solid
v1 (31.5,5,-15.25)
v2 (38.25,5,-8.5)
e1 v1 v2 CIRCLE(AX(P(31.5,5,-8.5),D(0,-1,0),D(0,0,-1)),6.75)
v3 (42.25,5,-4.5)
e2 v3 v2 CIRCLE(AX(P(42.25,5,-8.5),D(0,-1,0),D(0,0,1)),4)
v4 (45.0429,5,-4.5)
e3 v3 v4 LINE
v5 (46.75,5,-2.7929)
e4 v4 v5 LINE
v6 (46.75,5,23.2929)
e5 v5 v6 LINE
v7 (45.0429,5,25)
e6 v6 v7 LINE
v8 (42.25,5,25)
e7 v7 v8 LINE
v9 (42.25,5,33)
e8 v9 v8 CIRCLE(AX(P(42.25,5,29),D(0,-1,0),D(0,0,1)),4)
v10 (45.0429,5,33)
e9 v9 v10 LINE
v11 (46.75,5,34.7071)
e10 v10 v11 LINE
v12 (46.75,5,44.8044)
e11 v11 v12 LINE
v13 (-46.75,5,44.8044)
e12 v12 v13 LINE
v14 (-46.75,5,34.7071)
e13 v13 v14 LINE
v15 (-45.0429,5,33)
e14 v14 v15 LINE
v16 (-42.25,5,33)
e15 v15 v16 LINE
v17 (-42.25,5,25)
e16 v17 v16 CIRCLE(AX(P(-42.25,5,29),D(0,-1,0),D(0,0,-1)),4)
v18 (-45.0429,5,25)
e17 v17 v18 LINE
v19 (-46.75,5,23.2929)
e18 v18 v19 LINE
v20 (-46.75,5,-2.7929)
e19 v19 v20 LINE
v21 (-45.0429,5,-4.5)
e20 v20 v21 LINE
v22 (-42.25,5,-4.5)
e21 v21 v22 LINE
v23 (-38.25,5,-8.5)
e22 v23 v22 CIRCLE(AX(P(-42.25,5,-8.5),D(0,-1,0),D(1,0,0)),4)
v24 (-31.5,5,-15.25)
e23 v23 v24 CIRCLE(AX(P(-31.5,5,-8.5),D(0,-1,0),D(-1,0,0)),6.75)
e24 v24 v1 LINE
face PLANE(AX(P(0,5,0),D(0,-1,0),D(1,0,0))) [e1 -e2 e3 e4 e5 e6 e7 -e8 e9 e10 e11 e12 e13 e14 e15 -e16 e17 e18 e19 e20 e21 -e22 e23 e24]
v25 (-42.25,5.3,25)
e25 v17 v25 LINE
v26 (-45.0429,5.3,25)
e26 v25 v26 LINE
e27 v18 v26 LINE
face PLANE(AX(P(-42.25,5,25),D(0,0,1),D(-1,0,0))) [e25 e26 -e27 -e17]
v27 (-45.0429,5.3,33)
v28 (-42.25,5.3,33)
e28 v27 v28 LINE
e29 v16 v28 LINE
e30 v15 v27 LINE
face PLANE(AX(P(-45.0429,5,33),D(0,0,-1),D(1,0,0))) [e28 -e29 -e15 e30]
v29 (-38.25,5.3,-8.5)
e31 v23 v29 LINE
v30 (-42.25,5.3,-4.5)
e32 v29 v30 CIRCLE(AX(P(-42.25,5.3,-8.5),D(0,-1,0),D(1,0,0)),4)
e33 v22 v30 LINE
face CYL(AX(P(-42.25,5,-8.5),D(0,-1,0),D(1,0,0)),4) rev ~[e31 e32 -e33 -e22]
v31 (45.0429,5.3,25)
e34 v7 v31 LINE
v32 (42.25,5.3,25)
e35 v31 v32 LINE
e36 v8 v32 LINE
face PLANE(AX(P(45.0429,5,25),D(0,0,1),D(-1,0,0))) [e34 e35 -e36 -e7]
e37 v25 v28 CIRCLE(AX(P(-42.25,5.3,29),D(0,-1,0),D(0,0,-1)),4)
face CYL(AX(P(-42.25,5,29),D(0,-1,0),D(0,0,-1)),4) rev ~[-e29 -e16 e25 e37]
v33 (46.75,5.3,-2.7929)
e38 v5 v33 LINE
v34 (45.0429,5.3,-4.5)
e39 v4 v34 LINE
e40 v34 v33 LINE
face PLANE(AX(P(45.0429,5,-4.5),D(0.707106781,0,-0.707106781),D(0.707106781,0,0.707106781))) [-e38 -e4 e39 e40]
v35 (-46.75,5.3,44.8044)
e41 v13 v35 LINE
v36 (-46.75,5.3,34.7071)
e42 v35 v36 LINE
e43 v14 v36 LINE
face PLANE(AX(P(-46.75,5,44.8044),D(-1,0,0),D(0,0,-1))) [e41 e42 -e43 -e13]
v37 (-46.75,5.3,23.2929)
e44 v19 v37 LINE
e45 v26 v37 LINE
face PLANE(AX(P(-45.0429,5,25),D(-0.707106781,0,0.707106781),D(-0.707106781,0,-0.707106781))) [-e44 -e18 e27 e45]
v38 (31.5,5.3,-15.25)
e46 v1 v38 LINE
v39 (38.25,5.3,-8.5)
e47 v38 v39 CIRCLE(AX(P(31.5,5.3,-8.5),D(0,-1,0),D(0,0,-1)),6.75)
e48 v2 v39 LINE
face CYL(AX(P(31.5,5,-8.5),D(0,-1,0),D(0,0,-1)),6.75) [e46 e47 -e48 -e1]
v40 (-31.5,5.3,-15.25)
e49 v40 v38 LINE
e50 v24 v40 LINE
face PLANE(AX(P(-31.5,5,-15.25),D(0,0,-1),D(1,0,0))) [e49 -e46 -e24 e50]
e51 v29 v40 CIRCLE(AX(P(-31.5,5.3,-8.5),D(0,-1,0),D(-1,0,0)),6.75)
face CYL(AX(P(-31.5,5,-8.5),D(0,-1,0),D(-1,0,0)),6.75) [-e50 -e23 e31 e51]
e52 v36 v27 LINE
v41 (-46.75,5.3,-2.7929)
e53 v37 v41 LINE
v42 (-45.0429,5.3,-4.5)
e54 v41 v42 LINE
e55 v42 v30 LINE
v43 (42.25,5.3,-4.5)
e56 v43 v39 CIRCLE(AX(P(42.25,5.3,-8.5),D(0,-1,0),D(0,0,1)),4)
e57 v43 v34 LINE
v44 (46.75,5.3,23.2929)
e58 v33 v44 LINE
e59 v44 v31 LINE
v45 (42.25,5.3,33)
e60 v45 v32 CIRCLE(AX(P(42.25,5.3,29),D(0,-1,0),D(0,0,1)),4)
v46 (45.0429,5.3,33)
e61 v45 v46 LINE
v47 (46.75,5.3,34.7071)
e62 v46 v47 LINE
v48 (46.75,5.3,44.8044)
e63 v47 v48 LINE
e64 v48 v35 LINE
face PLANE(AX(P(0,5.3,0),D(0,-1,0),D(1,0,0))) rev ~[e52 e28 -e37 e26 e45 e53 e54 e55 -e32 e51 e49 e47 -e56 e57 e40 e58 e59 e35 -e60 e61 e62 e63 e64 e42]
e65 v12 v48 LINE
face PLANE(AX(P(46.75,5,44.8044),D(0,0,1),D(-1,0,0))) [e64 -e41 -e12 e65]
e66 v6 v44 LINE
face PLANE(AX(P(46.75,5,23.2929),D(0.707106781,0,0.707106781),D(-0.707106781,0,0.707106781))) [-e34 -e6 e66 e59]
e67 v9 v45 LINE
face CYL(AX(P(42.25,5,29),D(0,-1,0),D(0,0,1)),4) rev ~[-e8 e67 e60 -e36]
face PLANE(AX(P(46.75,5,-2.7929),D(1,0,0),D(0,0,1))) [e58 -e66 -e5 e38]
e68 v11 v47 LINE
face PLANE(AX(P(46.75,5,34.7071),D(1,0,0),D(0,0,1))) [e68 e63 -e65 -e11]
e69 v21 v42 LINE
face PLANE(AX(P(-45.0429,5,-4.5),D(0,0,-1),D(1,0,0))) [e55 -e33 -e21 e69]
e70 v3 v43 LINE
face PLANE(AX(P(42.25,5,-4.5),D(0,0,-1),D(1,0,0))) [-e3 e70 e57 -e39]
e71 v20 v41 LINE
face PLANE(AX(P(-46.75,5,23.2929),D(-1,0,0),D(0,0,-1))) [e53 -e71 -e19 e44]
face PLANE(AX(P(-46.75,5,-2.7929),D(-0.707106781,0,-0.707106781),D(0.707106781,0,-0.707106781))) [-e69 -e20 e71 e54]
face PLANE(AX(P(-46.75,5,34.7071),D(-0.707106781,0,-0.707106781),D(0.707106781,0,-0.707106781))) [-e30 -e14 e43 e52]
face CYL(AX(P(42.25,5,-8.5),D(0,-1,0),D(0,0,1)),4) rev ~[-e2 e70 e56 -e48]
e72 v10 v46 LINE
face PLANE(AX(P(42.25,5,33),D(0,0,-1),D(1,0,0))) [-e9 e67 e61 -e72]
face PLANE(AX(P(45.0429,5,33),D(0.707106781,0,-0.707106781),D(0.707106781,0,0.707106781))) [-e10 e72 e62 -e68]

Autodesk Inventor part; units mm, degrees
ref_plane "YZ Plane" through (0, 0, 0) normal (1, 0, 0) x (0, 1, 0)
ref_plane "XZ Plane" through (0, 0, 0) normal (0, 1, 0) x (-1, 0, 0)
ref_plane "Pracovní rovina16" through (0, 5, 0) normal (0, -1, 0) x (1, 0, 0)
sketch "Náčrt80" plane through (0, 5, 0) normal (0, -1, 0) x (1, 0, 0)
  circle A0 centre (-22, -24.1875) radius 1.85 projected
  circle A1 centre (22, -24.1875) radius 1.85 projected
  circle A2 centre (-42.25, -8.5) radius 1.85 projected
  circle A3 centre (-42.25, 29) radius 1.85 projected
  circle A4 centre (42.25, -8.5) radius 1.85 projected
  circle A5 centre (42.25, 29) radius 1.85 projected
  arc A6 (-38.75, -8.5) -> (-42.25, -5) centre (-42.25, -8.5) ccw projected
  line L0 (-45.25, -5) -> (-42.25, -5) projected
  line L1 (-47.25, -3) -> (-45.25, -5) projected
  line L2 (-47.25, 23.5) -> (-47.25, -3) projected
  line L3 (-45.25, 25.5) -> (-47.25, 23.5) projected
  line L4 (-42.25, 25.5) -> (-45.25, 25.5) projected
  arc A7 (-42.25, 25.5) -> (-42.25, 32.5) centre (-42.25, 29) ccw projected
  line L5 (-45.25, 32.5) -> (-42.25, 32.5) projected
  line L6 (-47.25, 34.5) -> (-45.25, 32.5) projected
  line L7 (-47.25, 45.3044) -> (-47.25, 34.5) projected
  line L8 (47.25, 45.3044) -> (-47.25, 45.3044) projected
  line L9 (47.25, 34.5) -> (47.25, 45.3044) projected
  line L10 (45.25, 32.5) -> (47.25, 34.5) projected
  line L11 (42.25, 32.5) -> (45.25, 32.5) projected
  arc A8 (42.25, 32.5) -> (42.25, 25.5) centre (42.25, 29) ccw projected
  line L12 (45.25, 25.5) -> (42.25, 25.5) projected
  line L13 (47.25, 23.5) -> (45.25, 25.5) projected
  line L14 (47.25, -3) -> (47.25, 23.5) projected
  line L15 (45.25, -5) -> (47.25, -3) projected
  line L16 (42.25, -5) -> (45.25, -5) projected
  arc A9 (42.25, -5) -> (38.75, -8.5) centre (42.25, -8.5) ccw projected
  arc A10 (31.5, -15.75) -> (38.75, -8.5) centre (31.5, -8.5) ccw projected
  line L17 (31.5, -15.75) -> (-31.5, -15.75) projected
  arc A11 (-38.75, -8.5) -> (-31.5, -15.75) centre (-31.5, -8.5) ccw projected
  line L18 (-5, -41.375) -> (-5, -35.875) projected
  arc A12 (5, -35.875) -> (-5, -35.875) centre (0, -35.875) ccw projected
  line L19 (5, -41.375) -> (5, -35.875) projected
  line L20 (5, -41.375) -> (-5, -41.375) projected
  arc A13 (-20.6747, -48.0519) -> (-23.3253, -48.0519) centre (-22, -44.8125) ccw projected
  line L21 (-0.0392, -48.0519) -> (-20.6747, -48.0519) projected
  line L22 (-2.825, -46.4435) -> (-0.0392, -48.0519) projected
  line L23 (-2.825, -43.1815) -> (-2.825, -46.4435) projected
  line L24 (0, -41.5505) -> (-2.825, -43.1815) projected
  line L25 (2.825, -43.1815) -> (0, -41.5505) projected
  line L26 (2.825, -46.4435) -> (2.825, -43.1815) projected
  line L27 (0.0392, -48.0519) -> (2.825, -46.4435) projected
  line L28 (20.6747, -48.0519) -> (0.0392, -48.0519) projected
  arc A14 (23.3253, -48.0519) -> (20.6747, -48.0519) centre (22, -44.8125) ccw projected
  line L29 (27, -48.0519) -> (23.3253, -48.0519) projected
  line L30 (27, -19.25) -> (27, -48.0519) projected
  line L31 (49.75, -19.25) -> (27, -19.25) projected
  line L32 (49.75, 48.4103) -> (49.75, -19.25) projected
  line L33 (-49.75, 48.4103) -> (49.75, 48.4103) projected
  line L34 (-49.75, -19.25) -> (-49.75, 48.4103) projected
  line L35 (-27, -19.25) -> (-49.75, -19.25) projected
  line L36 (-27, -48.0519) -> (-27, -19.25) projected
  line L37 (-23.3253, -48.0519) -> (-27, -48.0519) projected
  line L38 (-31.5, -15.25) -> (31.5, -15.25)
  arc A15 (31.5, -15.25) -> (38.25, -8.5) centre (31.5, -8.5) ccw
  arc A16 (42.25, -4.5) -> (38.25, -8.5) centre (42.25, -8.5) ccw
  line L39 (42.25, -4.5) -> (45.0429, -4.5)
  line L40 (45.0429, -4.5) -> (46.75, -2.7929)
  line L41 (46.75, -2.7929) -> (46.75, 23.2929)
  line L42 (46.75, 23.2929) -> (45.0429, 25)
  line L43 (45.0429, 25) -> (42.25, 25)
  arc A17 (42.25, 33) -> (42.25, 25) centre (42.25, 29) ccw
  line L44 (42.25, 33) -> (45.0429, 33)
  line L45 (45.0429, 33) -> (46.75, 34.7071)
  line L46 (46.75, 34.7071) -> (46.75, 44.8044)
  line L47 (46.75, 44.8044) -> (-46.75, 44.8044)
  line L48 (-46.75, 44.8044) -> (-46.75, 34.7071)
  line L49 (-46.75, 34.7071) -> (-45.0429, 33)
  line L50 (-45.0429, 33) -> (-42.25, 33)
  arc A18 (-42.25, 25) -> (-42.25, 33) centre (-42.25, 29) ccw
  line L51 (-42.25, 25) -> (-45.0429, 25)
  line L52 (-45.0429, 25) -> (-46.75, 23.2929)
  line L53 (-46.75, 23.2929) -> (-46.75, -2.7929)
  line L54 (-46.75, -2.7929) -> (-45.0429, -4.5)
  line L55 (-45.0429, -4.5) -> (-42.25, -4.5)
  arc A19 (-38.25, -8.5) -> (-42.25, -4.5) centre (-42.25, -8.5) ccw
  arc A20 (-38.25, -8.5) -> (-31.5, -15.25) centre (-31.5, -8.5) ccw
  point P0 (0, 0)
  dimension "d487" = 0.5
extrude "Vysunutí84" add sketch "Náčrt80" against normal blind 0.3 contours A20 A19 L55 L54 L53 L52 L51 A18 L50 L49 L48 L47 L46 L45 L44 A17 L43 L42 L41 L40 L39 A16 A15 L38
properties part number "oddělovací plocha"
